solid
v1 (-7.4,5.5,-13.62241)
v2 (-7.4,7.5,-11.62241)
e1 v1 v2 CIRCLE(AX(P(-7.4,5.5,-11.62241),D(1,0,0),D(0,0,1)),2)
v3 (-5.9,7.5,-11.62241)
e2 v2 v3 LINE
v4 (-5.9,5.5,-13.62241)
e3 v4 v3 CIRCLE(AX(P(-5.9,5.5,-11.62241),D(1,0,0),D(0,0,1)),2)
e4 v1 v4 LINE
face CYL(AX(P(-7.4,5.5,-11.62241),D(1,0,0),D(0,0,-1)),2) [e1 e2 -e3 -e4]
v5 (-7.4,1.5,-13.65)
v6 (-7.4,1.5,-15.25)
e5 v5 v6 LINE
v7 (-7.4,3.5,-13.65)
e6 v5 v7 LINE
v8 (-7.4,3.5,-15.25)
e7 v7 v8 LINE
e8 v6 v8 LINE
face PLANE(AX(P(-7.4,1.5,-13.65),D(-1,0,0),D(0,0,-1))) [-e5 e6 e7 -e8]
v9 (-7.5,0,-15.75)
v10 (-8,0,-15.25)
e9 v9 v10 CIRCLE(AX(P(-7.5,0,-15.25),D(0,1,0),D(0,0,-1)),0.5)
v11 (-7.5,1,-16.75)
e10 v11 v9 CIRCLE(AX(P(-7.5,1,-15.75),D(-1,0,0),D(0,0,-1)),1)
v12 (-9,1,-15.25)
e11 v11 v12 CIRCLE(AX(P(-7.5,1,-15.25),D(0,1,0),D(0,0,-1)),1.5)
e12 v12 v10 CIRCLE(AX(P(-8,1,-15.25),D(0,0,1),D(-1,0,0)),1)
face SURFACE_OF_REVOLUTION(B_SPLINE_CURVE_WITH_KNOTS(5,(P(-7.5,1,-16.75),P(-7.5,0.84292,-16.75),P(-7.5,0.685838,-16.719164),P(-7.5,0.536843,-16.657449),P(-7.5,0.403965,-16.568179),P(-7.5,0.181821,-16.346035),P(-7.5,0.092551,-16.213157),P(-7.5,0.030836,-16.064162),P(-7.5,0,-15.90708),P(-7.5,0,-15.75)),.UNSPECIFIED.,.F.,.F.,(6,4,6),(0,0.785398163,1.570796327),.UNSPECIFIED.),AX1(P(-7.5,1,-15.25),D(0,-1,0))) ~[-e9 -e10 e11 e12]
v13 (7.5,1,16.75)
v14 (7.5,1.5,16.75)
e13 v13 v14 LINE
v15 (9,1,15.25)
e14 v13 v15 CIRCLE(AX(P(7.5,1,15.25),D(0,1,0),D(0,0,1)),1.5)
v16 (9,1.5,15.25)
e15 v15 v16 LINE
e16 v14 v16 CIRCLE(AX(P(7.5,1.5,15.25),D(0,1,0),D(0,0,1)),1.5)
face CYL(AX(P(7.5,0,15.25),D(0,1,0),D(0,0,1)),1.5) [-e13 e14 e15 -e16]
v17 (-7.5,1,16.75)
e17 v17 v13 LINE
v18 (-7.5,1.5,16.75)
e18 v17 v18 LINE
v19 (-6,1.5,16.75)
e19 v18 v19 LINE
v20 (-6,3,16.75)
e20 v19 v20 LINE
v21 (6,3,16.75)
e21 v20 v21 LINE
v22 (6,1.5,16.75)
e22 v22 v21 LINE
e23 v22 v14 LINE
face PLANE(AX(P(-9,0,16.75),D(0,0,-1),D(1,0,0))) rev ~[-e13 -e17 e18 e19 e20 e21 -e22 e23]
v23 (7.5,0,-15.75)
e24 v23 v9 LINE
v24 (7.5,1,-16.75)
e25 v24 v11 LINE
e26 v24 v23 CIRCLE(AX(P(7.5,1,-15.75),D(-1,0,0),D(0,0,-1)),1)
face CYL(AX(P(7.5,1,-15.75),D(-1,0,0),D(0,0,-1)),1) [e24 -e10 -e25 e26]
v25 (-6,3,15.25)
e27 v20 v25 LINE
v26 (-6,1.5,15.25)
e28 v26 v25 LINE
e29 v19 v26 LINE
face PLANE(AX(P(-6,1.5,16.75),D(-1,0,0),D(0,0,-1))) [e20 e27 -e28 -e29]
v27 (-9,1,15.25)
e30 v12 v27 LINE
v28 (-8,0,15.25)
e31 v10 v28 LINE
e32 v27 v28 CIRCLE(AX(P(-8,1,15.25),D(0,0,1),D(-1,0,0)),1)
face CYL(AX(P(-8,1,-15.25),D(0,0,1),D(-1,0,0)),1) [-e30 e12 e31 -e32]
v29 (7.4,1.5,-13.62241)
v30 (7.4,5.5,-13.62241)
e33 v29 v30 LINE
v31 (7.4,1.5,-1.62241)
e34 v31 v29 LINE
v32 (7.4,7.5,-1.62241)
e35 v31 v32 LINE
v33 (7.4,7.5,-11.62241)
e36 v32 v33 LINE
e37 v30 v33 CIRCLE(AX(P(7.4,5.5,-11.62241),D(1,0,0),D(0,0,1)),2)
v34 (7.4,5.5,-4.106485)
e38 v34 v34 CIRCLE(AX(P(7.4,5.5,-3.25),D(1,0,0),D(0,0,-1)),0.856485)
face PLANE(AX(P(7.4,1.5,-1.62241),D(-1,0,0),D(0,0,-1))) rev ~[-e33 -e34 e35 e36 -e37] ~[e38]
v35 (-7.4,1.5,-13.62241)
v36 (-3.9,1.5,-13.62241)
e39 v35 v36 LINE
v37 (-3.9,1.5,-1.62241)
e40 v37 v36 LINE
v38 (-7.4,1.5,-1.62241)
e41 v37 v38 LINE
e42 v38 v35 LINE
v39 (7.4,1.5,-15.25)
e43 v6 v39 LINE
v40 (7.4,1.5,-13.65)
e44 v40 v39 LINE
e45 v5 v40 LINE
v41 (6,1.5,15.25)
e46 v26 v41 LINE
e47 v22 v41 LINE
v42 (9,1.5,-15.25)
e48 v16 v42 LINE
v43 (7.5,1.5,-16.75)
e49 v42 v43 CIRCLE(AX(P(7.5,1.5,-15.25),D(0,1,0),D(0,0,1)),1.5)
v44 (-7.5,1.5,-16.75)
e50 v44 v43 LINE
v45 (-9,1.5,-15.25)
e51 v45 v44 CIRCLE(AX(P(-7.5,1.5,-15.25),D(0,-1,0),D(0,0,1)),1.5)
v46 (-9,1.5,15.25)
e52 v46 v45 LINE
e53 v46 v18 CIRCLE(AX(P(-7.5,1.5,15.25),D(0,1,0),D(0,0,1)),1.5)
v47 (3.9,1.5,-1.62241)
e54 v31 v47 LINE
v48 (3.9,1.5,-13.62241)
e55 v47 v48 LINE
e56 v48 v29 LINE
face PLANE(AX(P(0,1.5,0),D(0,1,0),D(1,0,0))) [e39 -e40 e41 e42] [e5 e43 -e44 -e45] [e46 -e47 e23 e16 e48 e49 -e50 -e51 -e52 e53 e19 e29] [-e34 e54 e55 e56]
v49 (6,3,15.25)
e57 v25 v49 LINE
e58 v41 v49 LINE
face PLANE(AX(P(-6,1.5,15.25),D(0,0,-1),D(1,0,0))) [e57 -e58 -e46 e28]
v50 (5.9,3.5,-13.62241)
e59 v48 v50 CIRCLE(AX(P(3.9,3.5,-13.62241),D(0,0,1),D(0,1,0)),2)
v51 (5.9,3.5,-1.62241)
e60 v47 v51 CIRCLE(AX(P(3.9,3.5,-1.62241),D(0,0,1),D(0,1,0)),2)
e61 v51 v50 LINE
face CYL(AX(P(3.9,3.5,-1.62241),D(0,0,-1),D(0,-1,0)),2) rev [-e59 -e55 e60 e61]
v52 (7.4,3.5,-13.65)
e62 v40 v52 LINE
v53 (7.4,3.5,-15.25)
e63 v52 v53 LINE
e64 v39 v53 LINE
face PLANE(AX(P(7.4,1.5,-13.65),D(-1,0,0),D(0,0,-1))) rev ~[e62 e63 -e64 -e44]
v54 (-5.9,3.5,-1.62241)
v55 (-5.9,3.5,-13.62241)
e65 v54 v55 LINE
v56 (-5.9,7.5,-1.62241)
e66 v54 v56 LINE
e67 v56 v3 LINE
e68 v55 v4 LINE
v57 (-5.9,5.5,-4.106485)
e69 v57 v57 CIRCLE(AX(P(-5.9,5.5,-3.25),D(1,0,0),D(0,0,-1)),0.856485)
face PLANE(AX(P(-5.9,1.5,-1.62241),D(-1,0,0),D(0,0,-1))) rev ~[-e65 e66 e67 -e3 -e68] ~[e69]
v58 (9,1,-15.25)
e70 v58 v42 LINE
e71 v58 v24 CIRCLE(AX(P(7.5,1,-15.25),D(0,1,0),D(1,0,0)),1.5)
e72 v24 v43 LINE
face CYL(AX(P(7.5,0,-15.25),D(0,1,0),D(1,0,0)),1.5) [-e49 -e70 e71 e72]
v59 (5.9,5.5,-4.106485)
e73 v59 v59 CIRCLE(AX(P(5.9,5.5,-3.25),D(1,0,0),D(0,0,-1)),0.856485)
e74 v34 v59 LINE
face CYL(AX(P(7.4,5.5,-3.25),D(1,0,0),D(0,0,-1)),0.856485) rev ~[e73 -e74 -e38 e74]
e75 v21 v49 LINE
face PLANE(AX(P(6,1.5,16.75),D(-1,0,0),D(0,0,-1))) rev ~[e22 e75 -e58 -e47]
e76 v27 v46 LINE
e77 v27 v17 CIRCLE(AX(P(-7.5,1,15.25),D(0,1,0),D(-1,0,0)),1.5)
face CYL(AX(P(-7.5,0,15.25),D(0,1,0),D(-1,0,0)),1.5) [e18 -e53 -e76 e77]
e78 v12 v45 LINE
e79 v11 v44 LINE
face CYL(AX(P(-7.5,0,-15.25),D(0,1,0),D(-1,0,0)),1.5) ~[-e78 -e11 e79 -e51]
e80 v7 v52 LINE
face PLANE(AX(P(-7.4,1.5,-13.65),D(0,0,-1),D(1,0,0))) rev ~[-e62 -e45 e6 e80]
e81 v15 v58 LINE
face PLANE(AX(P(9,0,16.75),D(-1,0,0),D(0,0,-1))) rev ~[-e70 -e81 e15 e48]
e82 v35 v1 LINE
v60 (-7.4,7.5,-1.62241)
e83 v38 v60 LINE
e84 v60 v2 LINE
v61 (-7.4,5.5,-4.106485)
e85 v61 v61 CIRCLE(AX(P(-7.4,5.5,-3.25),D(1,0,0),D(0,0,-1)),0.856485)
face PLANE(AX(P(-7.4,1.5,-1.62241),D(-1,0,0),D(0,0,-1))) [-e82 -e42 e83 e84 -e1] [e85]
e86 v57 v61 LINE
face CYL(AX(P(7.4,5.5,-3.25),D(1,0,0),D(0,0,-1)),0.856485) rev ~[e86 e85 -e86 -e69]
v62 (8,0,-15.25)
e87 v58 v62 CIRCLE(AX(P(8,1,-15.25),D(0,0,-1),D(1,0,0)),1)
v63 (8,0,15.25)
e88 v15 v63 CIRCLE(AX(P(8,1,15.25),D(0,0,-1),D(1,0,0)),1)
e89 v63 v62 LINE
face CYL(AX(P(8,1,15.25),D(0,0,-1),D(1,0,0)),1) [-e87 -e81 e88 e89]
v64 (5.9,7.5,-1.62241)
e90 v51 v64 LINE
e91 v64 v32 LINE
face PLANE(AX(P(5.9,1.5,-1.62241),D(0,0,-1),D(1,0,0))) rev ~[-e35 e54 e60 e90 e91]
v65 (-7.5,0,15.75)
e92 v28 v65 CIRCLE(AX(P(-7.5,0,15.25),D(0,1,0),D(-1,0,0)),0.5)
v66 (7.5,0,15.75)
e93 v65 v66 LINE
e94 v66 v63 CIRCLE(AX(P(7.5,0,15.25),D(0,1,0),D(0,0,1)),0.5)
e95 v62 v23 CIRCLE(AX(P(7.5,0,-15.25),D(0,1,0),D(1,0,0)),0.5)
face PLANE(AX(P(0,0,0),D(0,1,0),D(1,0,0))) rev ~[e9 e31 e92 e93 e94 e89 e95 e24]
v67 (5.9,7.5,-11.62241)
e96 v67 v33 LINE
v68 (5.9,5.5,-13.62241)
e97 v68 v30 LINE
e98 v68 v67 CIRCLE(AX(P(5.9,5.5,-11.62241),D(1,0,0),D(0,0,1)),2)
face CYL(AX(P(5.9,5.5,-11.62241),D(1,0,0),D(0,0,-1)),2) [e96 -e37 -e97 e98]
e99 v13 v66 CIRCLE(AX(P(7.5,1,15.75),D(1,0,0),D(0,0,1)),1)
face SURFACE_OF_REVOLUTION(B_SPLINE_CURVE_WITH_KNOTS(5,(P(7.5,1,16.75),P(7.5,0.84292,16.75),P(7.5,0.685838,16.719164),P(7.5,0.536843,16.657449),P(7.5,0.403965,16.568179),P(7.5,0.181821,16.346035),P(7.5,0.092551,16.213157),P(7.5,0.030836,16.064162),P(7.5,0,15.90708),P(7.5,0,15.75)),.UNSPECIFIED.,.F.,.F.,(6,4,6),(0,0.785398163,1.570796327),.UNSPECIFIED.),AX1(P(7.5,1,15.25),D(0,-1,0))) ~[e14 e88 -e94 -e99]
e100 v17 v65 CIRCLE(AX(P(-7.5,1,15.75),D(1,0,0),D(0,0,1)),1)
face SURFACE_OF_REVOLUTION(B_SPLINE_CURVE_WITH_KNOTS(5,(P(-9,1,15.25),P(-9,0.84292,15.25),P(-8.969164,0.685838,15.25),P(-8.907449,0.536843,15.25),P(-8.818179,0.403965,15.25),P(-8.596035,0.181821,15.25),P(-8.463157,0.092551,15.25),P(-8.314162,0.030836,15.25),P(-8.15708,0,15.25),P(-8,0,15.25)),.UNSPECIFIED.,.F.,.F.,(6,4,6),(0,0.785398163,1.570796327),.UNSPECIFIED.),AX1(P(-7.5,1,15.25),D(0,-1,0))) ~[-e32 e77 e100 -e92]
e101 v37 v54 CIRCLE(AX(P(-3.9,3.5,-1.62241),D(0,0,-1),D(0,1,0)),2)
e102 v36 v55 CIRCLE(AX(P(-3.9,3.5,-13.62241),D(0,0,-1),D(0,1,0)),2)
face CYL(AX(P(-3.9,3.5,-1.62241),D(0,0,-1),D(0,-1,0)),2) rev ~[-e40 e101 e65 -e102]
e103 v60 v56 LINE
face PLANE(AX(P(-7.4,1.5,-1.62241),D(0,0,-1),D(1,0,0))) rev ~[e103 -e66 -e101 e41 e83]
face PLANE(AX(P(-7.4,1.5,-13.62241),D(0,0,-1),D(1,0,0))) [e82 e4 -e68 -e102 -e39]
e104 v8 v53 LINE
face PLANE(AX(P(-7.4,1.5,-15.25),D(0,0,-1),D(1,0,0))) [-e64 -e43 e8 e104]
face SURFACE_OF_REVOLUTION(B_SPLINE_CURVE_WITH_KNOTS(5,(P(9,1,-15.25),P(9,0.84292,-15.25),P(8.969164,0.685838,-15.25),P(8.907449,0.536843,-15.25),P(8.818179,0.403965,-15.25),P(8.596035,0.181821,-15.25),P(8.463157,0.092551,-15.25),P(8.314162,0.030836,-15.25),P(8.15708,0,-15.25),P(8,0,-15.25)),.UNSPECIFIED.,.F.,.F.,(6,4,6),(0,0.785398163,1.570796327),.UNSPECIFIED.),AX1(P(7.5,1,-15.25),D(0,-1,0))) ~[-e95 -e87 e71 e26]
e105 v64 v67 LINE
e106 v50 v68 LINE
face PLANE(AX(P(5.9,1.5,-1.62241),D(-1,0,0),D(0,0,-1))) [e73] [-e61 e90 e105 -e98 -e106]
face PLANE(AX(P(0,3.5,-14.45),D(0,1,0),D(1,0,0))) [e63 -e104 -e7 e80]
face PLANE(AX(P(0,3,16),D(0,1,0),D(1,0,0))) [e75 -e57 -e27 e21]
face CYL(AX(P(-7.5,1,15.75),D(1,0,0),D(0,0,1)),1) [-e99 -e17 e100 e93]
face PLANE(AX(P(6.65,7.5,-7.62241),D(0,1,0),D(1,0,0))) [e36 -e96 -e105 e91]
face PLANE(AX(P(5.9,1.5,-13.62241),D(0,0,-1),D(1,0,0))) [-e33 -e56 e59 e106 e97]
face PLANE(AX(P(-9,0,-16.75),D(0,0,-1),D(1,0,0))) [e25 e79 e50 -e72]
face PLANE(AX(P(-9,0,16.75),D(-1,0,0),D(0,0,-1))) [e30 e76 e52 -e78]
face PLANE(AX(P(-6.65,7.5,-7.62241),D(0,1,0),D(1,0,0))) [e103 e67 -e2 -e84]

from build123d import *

# Parameters (mm, degrees)
SKETCH_1_W          = 18
SKETCH_1_H          = 33.5
EXTRUDE_1_DEPTH     = 1.5
FILLET_1_R          = 1.5
SKETCH_2_W          = 1.5
SKETCH_2_H          = 12
EXTRUDE_2_DEPTH     = 6
SKETCH_3_W          = 14.8
SKETCH_3_H          = 1.6
EXTRUDE_3_DEPTH     = 2
FILLET_2_R          = 2
SKETCH_4_R          = 0.856485036
CUT_EXTRUDE_1_DEPTH = 18
SKETCH_5_W          = 12
SKETCH_5_H          = 1.5
EXTRUDE_4_DEPTH     = 1.5
FILLET_3_R          = 1


with BuildPart() as part:
    # 草图1 → 凸台-拉伸1 (new body)
    with BuildSketch(Plane(origin=(0, 0, 0), x_dir=(1, 0, 0), z_dir=(0, 1, 0))):
        Rectangle(SKETCH_1_W, SKETCH_1_H)
    extrude(amount=EXTRUDE_1_DEPTH)

    # 圆角1
    fillet_1_edges = [part.edges().sort_by_distance(p)[0] for p in [
        (-9, 0.75, -16.75),
        (9, 0.75, -16.75),
        (9, 0.75, 16.75),
        (-9, 0.75, 16.75),
    ]]
    fillet(fillet_1_edges, radius=FILLET_1_R)

    # 草图2 → 凸台-拉伸2 (add)
    with BuildSketch(Plane(origin=(0, 1.5, 0), x_dir=(1, 0, 0), z_dir=(0, 1, 0))):
        with Locations((-6.65, 7.622409508)):
            Rectangle(SKETCH_2_W, SKETCH_2_H)
        with Locations((6.65, 7.622409508)):
            Rectangle(SKETCH_2_W, SKETCH_2_H)
    extrude(amount=EXTRUDE_2_DEPTH)

    # 草图3 → 凸台-拉伸3 (add)
    with BuildSketch(Plane(origin=(0, 1.5, 0), x_dir=(1, 0, 0), z_dir=(0, 1, 0))):
        with Locations((0, 14.45)):
            Rectangle(SKETCH_3_W, SKETCH_3_H)
    extrude(amount=EXTRUDE_3_DEPTH)

    # 圆角2
    fillet_2_edges = [part.edges().sort_by_distance(p)[0] for p in [
        (-5.9, 1.5, -7.622409508),
        (-6.65, 7.5, -13.622409508),
        (5.9, 1.5, -7.622409508),
        (6.65, 7.5, -13.622409508),
    ]]
    fillet(fillet_2_edges, radius=FILLET_2_R)

    # 草图4 → 切除-拉伸1 (cut)
    with BuildSketch(Plane(origin=(7.4, 0, 0), x_dir=(0, 0, -1), z_dir=(1, 0, 0))):
        with Locations((3.25, 5.5)):
            Circle(SKETCH_4_R)
    extrude(amount=-CUT_EXTRUDE_1_DEPTH, mode=Mode.SUBTRACT)

    # 草图5 → 凸台-拉伸4 (add)
    with BuildSketch(Plane(origin=(0, 1.5, 0), x_dir=(1, 0, 0), z_dir=(0, 1, 0))):
        with Locations((0, -16)):
            Rectangle(SKETCH_5_W, SKETCH_5_H)
    extrude(amount=EXTRUDE_4_DEPTH)

    # 圆角3
    fillet_3_edges = [part.edges().sort_by_distance(p)[0] for p in [
        (9, 0, 0),
        (-9, 0, 0),
        (0, 0, -16.75),
        (0, 0, 16.75),
        (-8.560660172, 0, -16.310660172),
        (8.560660172, 0, -16.310660172),
        (-8.560660172, 0, 16.310660172),
        (8.560660172, 0, 16.310660172),
    ]]
    fillet(fillet_3_edges, radius=FILLET_3_R)


solid = part.part
